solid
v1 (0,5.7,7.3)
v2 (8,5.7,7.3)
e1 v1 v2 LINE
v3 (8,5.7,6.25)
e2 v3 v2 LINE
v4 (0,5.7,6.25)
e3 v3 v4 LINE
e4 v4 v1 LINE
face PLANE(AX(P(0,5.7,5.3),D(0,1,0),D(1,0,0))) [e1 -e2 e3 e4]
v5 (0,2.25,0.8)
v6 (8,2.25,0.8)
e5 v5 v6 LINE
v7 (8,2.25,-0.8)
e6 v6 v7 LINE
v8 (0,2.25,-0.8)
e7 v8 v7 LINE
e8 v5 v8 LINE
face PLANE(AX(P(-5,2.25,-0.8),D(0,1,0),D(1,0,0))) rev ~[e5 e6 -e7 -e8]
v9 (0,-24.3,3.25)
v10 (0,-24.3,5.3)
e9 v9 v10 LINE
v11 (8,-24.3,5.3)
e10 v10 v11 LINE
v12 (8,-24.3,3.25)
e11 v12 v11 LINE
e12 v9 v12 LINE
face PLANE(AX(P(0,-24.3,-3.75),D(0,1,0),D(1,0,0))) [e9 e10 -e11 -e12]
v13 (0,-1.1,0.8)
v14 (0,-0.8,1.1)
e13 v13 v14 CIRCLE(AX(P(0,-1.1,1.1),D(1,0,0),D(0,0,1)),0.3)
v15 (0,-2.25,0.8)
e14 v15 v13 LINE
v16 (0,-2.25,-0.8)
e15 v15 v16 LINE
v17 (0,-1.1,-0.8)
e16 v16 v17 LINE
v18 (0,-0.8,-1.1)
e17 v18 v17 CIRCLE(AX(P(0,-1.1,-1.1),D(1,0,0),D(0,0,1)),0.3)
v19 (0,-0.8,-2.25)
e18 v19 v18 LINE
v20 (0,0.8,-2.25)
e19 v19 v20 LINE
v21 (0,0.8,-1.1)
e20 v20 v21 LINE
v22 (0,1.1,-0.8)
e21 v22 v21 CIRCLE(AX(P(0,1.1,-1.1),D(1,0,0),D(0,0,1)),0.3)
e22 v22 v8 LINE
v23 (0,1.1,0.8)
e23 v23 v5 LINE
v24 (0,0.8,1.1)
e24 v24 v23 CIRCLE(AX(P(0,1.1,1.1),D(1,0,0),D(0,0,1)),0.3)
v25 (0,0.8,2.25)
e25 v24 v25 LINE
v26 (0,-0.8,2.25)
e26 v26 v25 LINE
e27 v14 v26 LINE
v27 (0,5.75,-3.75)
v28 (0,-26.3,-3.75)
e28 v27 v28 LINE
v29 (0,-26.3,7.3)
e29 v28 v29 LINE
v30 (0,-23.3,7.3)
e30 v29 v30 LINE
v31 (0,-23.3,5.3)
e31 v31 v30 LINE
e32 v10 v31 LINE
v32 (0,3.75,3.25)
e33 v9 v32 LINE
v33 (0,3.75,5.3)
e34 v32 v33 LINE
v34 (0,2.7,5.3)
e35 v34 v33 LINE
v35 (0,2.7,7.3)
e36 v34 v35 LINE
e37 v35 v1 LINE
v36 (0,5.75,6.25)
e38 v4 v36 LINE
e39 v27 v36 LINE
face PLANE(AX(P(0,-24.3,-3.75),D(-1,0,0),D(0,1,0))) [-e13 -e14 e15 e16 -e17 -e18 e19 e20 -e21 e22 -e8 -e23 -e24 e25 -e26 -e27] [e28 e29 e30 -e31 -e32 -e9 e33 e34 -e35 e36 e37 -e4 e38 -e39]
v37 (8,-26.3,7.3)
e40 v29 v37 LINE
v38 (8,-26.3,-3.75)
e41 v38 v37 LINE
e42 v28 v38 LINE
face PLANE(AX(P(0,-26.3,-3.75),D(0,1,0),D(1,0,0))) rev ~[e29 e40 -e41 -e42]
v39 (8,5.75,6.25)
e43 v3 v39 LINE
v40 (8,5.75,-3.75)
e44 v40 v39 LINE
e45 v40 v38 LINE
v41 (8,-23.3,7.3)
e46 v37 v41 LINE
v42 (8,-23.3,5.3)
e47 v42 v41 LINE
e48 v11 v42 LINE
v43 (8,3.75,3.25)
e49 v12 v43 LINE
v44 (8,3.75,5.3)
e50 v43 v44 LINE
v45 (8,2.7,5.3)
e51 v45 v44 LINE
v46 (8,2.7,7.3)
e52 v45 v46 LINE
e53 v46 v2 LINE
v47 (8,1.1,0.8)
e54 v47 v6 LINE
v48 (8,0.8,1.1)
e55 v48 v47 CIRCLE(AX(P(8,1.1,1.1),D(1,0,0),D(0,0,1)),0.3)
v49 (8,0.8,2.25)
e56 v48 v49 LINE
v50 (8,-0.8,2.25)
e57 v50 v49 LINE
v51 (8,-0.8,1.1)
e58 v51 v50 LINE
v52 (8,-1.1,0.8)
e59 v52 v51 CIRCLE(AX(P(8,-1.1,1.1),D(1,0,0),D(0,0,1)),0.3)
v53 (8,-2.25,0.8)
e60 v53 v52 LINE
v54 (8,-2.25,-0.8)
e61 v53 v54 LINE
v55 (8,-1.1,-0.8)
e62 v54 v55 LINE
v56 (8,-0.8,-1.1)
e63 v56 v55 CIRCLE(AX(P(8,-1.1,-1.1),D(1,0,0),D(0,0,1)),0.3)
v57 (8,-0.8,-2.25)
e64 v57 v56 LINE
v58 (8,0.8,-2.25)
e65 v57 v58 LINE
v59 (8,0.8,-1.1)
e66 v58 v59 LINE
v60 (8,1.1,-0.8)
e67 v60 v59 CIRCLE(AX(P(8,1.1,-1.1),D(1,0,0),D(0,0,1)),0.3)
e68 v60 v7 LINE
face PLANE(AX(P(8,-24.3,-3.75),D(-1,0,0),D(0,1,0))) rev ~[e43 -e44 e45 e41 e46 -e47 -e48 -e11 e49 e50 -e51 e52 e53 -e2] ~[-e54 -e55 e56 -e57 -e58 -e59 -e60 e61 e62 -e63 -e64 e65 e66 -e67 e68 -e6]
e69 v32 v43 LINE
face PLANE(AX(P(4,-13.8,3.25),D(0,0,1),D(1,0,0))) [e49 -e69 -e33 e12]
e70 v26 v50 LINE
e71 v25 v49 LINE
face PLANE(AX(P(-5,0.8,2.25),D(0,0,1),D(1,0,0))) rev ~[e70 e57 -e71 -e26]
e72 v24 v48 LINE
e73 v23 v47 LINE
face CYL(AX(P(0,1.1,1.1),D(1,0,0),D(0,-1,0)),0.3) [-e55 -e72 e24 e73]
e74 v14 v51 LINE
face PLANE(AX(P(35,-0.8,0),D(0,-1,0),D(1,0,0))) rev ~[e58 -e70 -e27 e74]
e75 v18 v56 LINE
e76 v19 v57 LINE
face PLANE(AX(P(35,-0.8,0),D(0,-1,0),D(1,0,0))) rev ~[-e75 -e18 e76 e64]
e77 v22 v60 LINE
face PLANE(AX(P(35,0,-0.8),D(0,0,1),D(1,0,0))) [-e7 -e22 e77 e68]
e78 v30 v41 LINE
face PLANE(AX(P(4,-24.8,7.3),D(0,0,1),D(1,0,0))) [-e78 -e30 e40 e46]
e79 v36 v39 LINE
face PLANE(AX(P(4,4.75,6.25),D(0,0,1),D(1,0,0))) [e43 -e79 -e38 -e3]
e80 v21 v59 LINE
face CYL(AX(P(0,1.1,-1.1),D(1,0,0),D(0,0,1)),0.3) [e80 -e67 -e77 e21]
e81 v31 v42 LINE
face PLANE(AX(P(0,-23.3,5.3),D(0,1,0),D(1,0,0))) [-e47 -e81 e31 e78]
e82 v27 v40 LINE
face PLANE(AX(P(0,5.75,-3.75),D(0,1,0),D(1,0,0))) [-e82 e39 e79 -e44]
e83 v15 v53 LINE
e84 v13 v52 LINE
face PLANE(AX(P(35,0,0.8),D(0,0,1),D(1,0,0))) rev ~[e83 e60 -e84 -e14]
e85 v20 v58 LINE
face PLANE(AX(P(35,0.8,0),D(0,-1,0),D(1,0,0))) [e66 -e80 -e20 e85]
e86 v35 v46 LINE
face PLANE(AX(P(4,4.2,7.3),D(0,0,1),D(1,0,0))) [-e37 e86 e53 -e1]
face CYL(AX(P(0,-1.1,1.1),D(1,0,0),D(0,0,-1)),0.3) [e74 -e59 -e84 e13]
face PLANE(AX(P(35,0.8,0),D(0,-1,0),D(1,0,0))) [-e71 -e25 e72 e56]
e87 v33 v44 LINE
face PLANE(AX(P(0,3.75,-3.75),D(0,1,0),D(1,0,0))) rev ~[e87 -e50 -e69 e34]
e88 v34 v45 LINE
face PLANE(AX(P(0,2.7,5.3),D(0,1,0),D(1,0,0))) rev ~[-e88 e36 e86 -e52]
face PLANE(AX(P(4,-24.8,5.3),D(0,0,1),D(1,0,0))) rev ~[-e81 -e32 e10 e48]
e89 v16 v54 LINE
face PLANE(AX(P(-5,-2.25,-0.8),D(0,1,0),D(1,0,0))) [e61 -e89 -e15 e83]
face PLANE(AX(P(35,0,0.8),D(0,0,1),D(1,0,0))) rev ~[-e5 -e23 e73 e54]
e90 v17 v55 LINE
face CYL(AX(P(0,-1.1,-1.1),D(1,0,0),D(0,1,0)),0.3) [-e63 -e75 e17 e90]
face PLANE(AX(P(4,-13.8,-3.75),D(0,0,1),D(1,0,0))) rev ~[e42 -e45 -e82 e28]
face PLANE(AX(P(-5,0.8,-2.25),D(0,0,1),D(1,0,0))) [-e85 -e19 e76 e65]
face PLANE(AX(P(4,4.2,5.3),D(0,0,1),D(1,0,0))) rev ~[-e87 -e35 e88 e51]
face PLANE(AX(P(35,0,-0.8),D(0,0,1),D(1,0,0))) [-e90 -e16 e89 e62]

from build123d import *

# Parameters (mm, degrees)
BOX005_W     = 8
BOX005_H     = 3
BOX005_DEPTH = 2
BOX001_W     = 80
BOX001_H     = 4.5
BOX001_DEPTH = 1.6
BOX_W        = 80
BOX_H        = 4.5
BOX_DEPTH    = 1.6
BOX002_W     = 8
BOX002_H     = 7.5
BOX002_DEPTH = 7
FILLET_R     = 0.3
BOX003_W     = 8
BOX003_H     = 2
BOX003_DEPTH = 10
BOX006_W     = 8
BOX006_H     = 21
BOX006_DEPTH = 7
BOX007_W     = 8
BOX007_H     = 3
BOX007_DEPTH = 2
BOX008_W     = 8
BOX008_H     = 2
BOX008_DEPTH = 10


with BuildPart() as cube005:
    # Box005 → Box005 (new body)
    with BuildSketch(Plane(origin=(0, 2.7, 5.3), x_dir=(1, 0, 0), z_dir=(0, 0, 1))):
        with Locations((4, 1.5)):
            Rectangle(BOX005_W, BOX005_H)
    extrude(amount=BOX005_DEPTH)


with BuildPart() as cube001:
    # Box001 → Box001 (new body)
    with BuildSketch(Plane(origin=(0, 0.8, -2.25), x_dir=(1, 0, 0), z_dir=(0, -1, 0))):
        with Locations((40, 2.25)):
            Rectangle(BOX001_W, BOX001_H)
    extrude(amount=BOX001_DEPTH)


with BuildPart() as fusion:
    # Box → Box (new body)
    with BuildSketch(Plane(origin=(0, -2.25, -0.8), x_dir=(1, 0, 0), z_dir=(0, 0, 1))):
        with Locations((40, 2.25)):
            Rectangle(BOX_W, BOX_H)
    extrude(amount=BOX_DEPTH)

    # Fusion: union Cube001
    add(cube001.part)


with BuildPart() as fusion_1:
    # Fusion placement: moved
    add(fusion.part.moved(Location((-5, 0, 0))))


with BuildPart() as fillet_body:
    # Box002 → Box002 (new body)
    with BuildSketch(Plane(origin=(0, -3.75, -3.75), x_dir=(1, 0, 0), z_dir=(0, 0, 1))):
        with Locations((4, 3.75)):
            Rectangle(BOX002_W, BOX002_H)
    extrude(amount=BOX002_DEPTH)

    # Cut: cut Fusion
    add(fusion_1.part, mode=Mode.SUBTRACT)

    # Fillet
    fillet_edges = [fillet_body.edges().sort_by_distance(p)[0] for p in [
        (4, -0.8, 0.8),
        (4, -0.8, -0.8),
        (4, 0.8, -0.8),
        (4, 0.8, 0.8),
    ]]
    fillet(fillet_edges, radius=FILLET_R)


with BuildPart() as fusion001:
    # Box003 → Box003 (new body)
    with BuildSketch(Plane(origin=(0, 3.75, -3.75), x_dir=(1, 0, 0), z_dir=(0, 0, 1))):
        with Locations((4, 1)):
            Rectangle(BOX003_W, BOX003_H)
    extrude(amount=BOX003_DEPTH)

    # Fusion001: union Cube005, Fillet body
    add(cube005.part)
    add(fillet_body.part)


with BuildPart() as fusion002:
    # Box006 → Box006 (new body)
    with BuildSketch(Plane(origin=(0, -24.3, -3.75), x_dir=(1, 0, 0), z_dir=(0, 0, 1))):
        with Locations((4, 10.5)):
            Rectangle(BOX006_W, BOX006_H)
    extrude(amount=BOX006_DEPTH)

    # Fusion002: union Fusion001
    add(fusion001.part)


with BuildPart() as cube007:
    # Box007 → Box007 (new body)
    with BuildSketch(Plane(origin=(0, -26.3, 5.3), x_dir=(1, 0, 0), z_dir=(0, 0, 1))):
        with Locations((4, 1.5)):
            Rectangle(BOX007_W, BOX007_H)
    extrude(amount=BOX007_DEPTH)


with BuildPart() as fusion004:
    # Box008 → Box008 (new body)
    with BuildSketch(Plane(origin=(0, -26.3, -3.75), x_dir=(1, 0, 0), z_dir=(0, 0, 1))):
        with Locations((4, 1)):
            Rectangle(BOX008_W, BOX008_H)
    extrude(amount=BOX008_DEPTH)

    # Fusion003: union Cube007
    add(cube007.part)

    # Fusion004: union Fusion002
    add(fusion002.part)


solid = fusion004.part
